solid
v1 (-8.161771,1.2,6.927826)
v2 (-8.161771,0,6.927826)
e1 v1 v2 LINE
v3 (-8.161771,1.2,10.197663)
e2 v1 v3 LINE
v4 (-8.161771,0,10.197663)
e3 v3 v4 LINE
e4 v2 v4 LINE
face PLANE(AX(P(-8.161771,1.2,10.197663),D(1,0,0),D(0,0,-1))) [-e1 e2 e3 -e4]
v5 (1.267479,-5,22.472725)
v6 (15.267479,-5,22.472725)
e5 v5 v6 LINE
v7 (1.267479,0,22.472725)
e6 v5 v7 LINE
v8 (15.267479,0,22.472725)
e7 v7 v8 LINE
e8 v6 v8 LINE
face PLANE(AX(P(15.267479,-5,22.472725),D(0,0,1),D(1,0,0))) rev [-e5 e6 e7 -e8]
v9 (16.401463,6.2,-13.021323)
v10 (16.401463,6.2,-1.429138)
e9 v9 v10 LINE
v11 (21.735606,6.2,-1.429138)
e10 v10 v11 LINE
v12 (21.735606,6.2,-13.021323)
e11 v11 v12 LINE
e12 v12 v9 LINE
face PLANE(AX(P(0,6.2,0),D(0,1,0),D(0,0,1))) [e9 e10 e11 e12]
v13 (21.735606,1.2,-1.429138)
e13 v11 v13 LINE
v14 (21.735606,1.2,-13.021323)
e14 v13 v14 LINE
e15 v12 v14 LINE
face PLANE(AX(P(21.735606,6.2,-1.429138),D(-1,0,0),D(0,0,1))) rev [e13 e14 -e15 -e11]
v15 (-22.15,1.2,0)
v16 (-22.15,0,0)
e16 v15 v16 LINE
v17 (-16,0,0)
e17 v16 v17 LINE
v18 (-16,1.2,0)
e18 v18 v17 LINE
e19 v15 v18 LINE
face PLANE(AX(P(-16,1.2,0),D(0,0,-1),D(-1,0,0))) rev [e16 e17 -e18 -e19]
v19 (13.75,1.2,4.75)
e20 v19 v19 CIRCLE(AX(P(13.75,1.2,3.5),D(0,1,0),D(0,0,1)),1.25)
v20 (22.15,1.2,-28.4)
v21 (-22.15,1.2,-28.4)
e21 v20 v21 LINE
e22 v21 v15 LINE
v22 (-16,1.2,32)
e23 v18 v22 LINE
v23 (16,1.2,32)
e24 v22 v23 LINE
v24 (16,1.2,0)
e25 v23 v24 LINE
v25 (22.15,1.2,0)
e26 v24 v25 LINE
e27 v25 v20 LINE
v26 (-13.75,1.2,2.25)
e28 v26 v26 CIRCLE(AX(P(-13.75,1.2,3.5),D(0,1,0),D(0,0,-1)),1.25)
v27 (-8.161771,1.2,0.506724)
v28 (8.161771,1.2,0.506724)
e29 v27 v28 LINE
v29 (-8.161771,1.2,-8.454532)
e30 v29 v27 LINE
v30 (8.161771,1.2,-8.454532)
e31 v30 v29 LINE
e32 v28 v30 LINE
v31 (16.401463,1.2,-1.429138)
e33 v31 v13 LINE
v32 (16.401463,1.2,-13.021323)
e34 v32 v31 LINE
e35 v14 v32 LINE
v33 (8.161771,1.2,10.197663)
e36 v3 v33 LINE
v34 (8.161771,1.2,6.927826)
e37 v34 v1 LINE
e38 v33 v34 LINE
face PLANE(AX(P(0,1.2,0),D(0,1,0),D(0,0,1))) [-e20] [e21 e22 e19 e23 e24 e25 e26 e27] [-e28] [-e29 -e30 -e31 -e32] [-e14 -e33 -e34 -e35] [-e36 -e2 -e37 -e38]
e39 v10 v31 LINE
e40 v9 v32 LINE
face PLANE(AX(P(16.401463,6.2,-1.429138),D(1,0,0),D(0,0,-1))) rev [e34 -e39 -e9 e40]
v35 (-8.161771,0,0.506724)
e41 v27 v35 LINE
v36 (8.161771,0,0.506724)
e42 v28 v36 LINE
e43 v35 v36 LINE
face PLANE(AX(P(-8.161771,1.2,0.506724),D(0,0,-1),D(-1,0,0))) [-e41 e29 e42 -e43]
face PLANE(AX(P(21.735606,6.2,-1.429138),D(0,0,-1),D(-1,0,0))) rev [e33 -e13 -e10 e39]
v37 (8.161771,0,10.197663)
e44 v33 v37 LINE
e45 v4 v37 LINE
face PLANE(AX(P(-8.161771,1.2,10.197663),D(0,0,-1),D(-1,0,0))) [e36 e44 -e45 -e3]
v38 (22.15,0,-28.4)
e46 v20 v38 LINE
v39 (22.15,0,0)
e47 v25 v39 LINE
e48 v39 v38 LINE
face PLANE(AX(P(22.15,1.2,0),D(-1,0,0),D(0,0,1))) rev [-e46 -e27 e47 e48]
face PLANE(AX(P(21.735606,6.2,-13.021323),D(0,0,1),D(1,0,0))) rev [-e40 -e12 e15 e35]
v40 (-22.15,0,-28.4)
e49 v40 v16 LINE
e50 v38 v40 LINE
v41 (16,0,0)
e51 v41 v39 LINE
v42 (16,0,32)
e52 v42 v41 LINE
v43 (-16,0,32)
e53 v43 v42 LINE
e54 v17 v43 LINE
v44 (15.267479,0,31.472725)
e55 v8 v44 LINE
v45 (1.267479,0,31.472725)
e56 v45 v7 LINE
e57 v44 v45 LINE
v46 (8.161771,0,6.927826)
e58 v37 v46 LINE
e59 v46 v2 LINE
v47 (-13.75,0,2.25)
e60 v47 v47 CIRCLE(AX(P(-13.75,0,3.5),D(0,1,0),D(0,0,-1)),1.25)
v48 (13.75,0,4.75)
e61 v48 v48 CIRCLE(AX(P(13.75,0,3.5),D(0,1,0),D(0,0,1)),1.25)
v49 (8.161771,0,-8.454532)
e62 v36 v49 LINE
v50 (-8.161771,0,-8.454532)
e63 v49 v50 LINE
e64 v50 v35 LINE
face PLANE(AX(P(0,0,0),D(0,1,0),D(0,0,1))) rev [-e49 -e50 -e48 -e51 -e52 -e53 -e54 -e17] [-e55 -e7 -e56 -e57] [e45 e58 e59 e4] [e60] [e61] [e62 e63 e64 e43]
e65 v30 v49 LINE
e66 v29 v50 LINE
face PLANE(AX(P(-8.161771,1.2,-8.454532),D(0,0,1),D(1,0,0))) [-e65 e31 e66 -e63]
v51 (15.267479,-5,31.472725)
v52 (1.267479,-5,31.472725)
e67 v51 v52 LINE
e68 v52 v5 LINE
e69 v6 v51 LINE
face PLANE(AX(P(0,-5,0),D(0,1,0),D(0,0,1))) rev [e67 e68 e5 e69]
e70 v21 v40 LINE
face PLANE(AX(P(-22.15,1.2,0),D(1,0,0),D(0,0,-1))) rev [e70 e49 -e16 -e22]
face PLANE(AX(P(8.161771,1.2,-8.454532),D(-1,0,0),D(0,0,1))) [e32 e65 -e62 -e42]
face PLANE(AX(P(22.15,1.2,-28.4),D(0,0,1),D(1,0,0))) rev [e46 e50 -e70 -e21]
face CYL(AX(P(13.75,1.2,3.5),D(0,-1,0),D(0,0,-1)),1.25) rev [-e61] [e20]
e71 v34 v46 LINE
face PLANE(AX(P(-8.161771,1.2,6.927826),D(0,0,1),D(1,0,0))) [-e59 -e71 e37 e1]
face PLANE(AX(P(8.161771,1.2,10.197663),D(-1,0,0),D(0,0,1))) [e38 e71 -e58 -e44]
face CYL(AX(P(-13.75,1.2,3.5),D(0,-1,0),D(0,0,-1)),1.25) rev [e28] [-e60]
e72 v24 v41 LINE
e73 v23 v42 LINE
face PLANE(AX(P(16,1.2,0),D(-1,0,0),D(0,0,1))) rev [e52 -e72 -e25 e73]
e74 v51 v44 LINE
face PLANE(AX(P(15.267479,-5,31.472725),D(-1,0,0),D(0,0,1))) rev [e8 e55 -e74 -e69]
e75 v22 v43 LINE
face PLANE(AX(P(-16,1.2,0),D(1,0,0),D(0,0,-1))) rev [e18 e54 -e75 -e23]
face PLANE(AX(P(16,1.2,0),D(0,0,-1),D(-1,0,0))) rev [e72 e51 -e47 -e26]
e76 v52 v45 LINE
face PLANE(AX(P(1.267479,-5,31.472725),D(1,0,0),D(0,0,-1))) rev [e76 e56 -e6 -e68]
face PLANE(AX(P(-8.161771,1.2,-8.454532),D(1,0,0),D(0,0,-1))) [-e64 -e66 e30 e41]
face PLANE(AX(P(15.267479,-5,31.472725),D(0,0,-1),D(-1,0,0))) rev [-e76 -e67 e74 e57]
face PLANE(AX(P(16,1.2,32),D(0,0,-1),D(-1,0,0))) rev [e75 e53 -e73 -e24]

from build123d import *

# Parameters (mm, degrees)
SKETCH_1_R      = 1.25
SKETCH_1_W      = 16.323541982
SKETCH_1_H      = 8.961255986
SKETCH_1_H_2    = 3.269836796
EXTRUDE_1_DEPTH = 1.2
SKETCH_2_W      = 5.33414326
SKETCH_2_H      = 11.592185383
EXTRUDE_2_DEPTH = 5
SKETCH_3_W      = 14
SKETCH_3_H      = 9
EXTRUDE_3_DEPTH = 5


with BuildPart() as part:
    # 草图1 → 凸台-拉伸1 (new body)
    with BuildSketch(Plane(origin=(0, 0, 0), x_dir=(1, 0, 0), z_dir=(0, 1, 0))):
        Polygon((16, 0), (16, -32), (-16, -32), (-16, 0), (-22.15, 0), (-22.15, 28.4), (22.15, 28.4), (22.15, 0), align=None)
        with Locations(Location((13.75, -3.5, 0), (0, 0, 270))):
            Circle(SKETCH_1_R, mode=Mode.SUBTRACT)
        with Locations(Location((-13.75, -3.5, 0), (0, 0, 90))):
            Circle(SKETCH_1_R, mode=Mode.SUBTRACT)
        with Locations((0, 3.973903908)):
            Rectangle(SKETCH_1_W, SKETCH_1_H, mode=Mode.SUBTRACT)
        with Locations((0, -8.562744205)):
            Rectangle(SKETCH_1_W, SKETCH_1_H_2, mode=Mode.SUBTRACT)
    extrude(amount=EXTRUDE_1_DEPTH)

    # 草图2 → 凸台-拉伸2 (add)
    with BuildSketch(Plane(origin=(0, 1.2, 0), x_dir=(1, 0, 0), z_dir=(0, 1, 0))):
        with Locations((19.068534732, 7.22523066)):
            Rectangle(SKETCH_2_W, SKETCH_2_H)
    extrude(amount=EXTRUDE_2_DEPTH)

    # 草图3 → 凸台-拉伸3 (add)
    with BuildSketch(Plane.XZ):
        with Locations((8.26747858, 26.972724501)):
            Rectangle(SKETCH_3_W, SKETCH_3_H)
    extrude(amount=EXTRUDE_3_DEPTH)


solid = part.part
